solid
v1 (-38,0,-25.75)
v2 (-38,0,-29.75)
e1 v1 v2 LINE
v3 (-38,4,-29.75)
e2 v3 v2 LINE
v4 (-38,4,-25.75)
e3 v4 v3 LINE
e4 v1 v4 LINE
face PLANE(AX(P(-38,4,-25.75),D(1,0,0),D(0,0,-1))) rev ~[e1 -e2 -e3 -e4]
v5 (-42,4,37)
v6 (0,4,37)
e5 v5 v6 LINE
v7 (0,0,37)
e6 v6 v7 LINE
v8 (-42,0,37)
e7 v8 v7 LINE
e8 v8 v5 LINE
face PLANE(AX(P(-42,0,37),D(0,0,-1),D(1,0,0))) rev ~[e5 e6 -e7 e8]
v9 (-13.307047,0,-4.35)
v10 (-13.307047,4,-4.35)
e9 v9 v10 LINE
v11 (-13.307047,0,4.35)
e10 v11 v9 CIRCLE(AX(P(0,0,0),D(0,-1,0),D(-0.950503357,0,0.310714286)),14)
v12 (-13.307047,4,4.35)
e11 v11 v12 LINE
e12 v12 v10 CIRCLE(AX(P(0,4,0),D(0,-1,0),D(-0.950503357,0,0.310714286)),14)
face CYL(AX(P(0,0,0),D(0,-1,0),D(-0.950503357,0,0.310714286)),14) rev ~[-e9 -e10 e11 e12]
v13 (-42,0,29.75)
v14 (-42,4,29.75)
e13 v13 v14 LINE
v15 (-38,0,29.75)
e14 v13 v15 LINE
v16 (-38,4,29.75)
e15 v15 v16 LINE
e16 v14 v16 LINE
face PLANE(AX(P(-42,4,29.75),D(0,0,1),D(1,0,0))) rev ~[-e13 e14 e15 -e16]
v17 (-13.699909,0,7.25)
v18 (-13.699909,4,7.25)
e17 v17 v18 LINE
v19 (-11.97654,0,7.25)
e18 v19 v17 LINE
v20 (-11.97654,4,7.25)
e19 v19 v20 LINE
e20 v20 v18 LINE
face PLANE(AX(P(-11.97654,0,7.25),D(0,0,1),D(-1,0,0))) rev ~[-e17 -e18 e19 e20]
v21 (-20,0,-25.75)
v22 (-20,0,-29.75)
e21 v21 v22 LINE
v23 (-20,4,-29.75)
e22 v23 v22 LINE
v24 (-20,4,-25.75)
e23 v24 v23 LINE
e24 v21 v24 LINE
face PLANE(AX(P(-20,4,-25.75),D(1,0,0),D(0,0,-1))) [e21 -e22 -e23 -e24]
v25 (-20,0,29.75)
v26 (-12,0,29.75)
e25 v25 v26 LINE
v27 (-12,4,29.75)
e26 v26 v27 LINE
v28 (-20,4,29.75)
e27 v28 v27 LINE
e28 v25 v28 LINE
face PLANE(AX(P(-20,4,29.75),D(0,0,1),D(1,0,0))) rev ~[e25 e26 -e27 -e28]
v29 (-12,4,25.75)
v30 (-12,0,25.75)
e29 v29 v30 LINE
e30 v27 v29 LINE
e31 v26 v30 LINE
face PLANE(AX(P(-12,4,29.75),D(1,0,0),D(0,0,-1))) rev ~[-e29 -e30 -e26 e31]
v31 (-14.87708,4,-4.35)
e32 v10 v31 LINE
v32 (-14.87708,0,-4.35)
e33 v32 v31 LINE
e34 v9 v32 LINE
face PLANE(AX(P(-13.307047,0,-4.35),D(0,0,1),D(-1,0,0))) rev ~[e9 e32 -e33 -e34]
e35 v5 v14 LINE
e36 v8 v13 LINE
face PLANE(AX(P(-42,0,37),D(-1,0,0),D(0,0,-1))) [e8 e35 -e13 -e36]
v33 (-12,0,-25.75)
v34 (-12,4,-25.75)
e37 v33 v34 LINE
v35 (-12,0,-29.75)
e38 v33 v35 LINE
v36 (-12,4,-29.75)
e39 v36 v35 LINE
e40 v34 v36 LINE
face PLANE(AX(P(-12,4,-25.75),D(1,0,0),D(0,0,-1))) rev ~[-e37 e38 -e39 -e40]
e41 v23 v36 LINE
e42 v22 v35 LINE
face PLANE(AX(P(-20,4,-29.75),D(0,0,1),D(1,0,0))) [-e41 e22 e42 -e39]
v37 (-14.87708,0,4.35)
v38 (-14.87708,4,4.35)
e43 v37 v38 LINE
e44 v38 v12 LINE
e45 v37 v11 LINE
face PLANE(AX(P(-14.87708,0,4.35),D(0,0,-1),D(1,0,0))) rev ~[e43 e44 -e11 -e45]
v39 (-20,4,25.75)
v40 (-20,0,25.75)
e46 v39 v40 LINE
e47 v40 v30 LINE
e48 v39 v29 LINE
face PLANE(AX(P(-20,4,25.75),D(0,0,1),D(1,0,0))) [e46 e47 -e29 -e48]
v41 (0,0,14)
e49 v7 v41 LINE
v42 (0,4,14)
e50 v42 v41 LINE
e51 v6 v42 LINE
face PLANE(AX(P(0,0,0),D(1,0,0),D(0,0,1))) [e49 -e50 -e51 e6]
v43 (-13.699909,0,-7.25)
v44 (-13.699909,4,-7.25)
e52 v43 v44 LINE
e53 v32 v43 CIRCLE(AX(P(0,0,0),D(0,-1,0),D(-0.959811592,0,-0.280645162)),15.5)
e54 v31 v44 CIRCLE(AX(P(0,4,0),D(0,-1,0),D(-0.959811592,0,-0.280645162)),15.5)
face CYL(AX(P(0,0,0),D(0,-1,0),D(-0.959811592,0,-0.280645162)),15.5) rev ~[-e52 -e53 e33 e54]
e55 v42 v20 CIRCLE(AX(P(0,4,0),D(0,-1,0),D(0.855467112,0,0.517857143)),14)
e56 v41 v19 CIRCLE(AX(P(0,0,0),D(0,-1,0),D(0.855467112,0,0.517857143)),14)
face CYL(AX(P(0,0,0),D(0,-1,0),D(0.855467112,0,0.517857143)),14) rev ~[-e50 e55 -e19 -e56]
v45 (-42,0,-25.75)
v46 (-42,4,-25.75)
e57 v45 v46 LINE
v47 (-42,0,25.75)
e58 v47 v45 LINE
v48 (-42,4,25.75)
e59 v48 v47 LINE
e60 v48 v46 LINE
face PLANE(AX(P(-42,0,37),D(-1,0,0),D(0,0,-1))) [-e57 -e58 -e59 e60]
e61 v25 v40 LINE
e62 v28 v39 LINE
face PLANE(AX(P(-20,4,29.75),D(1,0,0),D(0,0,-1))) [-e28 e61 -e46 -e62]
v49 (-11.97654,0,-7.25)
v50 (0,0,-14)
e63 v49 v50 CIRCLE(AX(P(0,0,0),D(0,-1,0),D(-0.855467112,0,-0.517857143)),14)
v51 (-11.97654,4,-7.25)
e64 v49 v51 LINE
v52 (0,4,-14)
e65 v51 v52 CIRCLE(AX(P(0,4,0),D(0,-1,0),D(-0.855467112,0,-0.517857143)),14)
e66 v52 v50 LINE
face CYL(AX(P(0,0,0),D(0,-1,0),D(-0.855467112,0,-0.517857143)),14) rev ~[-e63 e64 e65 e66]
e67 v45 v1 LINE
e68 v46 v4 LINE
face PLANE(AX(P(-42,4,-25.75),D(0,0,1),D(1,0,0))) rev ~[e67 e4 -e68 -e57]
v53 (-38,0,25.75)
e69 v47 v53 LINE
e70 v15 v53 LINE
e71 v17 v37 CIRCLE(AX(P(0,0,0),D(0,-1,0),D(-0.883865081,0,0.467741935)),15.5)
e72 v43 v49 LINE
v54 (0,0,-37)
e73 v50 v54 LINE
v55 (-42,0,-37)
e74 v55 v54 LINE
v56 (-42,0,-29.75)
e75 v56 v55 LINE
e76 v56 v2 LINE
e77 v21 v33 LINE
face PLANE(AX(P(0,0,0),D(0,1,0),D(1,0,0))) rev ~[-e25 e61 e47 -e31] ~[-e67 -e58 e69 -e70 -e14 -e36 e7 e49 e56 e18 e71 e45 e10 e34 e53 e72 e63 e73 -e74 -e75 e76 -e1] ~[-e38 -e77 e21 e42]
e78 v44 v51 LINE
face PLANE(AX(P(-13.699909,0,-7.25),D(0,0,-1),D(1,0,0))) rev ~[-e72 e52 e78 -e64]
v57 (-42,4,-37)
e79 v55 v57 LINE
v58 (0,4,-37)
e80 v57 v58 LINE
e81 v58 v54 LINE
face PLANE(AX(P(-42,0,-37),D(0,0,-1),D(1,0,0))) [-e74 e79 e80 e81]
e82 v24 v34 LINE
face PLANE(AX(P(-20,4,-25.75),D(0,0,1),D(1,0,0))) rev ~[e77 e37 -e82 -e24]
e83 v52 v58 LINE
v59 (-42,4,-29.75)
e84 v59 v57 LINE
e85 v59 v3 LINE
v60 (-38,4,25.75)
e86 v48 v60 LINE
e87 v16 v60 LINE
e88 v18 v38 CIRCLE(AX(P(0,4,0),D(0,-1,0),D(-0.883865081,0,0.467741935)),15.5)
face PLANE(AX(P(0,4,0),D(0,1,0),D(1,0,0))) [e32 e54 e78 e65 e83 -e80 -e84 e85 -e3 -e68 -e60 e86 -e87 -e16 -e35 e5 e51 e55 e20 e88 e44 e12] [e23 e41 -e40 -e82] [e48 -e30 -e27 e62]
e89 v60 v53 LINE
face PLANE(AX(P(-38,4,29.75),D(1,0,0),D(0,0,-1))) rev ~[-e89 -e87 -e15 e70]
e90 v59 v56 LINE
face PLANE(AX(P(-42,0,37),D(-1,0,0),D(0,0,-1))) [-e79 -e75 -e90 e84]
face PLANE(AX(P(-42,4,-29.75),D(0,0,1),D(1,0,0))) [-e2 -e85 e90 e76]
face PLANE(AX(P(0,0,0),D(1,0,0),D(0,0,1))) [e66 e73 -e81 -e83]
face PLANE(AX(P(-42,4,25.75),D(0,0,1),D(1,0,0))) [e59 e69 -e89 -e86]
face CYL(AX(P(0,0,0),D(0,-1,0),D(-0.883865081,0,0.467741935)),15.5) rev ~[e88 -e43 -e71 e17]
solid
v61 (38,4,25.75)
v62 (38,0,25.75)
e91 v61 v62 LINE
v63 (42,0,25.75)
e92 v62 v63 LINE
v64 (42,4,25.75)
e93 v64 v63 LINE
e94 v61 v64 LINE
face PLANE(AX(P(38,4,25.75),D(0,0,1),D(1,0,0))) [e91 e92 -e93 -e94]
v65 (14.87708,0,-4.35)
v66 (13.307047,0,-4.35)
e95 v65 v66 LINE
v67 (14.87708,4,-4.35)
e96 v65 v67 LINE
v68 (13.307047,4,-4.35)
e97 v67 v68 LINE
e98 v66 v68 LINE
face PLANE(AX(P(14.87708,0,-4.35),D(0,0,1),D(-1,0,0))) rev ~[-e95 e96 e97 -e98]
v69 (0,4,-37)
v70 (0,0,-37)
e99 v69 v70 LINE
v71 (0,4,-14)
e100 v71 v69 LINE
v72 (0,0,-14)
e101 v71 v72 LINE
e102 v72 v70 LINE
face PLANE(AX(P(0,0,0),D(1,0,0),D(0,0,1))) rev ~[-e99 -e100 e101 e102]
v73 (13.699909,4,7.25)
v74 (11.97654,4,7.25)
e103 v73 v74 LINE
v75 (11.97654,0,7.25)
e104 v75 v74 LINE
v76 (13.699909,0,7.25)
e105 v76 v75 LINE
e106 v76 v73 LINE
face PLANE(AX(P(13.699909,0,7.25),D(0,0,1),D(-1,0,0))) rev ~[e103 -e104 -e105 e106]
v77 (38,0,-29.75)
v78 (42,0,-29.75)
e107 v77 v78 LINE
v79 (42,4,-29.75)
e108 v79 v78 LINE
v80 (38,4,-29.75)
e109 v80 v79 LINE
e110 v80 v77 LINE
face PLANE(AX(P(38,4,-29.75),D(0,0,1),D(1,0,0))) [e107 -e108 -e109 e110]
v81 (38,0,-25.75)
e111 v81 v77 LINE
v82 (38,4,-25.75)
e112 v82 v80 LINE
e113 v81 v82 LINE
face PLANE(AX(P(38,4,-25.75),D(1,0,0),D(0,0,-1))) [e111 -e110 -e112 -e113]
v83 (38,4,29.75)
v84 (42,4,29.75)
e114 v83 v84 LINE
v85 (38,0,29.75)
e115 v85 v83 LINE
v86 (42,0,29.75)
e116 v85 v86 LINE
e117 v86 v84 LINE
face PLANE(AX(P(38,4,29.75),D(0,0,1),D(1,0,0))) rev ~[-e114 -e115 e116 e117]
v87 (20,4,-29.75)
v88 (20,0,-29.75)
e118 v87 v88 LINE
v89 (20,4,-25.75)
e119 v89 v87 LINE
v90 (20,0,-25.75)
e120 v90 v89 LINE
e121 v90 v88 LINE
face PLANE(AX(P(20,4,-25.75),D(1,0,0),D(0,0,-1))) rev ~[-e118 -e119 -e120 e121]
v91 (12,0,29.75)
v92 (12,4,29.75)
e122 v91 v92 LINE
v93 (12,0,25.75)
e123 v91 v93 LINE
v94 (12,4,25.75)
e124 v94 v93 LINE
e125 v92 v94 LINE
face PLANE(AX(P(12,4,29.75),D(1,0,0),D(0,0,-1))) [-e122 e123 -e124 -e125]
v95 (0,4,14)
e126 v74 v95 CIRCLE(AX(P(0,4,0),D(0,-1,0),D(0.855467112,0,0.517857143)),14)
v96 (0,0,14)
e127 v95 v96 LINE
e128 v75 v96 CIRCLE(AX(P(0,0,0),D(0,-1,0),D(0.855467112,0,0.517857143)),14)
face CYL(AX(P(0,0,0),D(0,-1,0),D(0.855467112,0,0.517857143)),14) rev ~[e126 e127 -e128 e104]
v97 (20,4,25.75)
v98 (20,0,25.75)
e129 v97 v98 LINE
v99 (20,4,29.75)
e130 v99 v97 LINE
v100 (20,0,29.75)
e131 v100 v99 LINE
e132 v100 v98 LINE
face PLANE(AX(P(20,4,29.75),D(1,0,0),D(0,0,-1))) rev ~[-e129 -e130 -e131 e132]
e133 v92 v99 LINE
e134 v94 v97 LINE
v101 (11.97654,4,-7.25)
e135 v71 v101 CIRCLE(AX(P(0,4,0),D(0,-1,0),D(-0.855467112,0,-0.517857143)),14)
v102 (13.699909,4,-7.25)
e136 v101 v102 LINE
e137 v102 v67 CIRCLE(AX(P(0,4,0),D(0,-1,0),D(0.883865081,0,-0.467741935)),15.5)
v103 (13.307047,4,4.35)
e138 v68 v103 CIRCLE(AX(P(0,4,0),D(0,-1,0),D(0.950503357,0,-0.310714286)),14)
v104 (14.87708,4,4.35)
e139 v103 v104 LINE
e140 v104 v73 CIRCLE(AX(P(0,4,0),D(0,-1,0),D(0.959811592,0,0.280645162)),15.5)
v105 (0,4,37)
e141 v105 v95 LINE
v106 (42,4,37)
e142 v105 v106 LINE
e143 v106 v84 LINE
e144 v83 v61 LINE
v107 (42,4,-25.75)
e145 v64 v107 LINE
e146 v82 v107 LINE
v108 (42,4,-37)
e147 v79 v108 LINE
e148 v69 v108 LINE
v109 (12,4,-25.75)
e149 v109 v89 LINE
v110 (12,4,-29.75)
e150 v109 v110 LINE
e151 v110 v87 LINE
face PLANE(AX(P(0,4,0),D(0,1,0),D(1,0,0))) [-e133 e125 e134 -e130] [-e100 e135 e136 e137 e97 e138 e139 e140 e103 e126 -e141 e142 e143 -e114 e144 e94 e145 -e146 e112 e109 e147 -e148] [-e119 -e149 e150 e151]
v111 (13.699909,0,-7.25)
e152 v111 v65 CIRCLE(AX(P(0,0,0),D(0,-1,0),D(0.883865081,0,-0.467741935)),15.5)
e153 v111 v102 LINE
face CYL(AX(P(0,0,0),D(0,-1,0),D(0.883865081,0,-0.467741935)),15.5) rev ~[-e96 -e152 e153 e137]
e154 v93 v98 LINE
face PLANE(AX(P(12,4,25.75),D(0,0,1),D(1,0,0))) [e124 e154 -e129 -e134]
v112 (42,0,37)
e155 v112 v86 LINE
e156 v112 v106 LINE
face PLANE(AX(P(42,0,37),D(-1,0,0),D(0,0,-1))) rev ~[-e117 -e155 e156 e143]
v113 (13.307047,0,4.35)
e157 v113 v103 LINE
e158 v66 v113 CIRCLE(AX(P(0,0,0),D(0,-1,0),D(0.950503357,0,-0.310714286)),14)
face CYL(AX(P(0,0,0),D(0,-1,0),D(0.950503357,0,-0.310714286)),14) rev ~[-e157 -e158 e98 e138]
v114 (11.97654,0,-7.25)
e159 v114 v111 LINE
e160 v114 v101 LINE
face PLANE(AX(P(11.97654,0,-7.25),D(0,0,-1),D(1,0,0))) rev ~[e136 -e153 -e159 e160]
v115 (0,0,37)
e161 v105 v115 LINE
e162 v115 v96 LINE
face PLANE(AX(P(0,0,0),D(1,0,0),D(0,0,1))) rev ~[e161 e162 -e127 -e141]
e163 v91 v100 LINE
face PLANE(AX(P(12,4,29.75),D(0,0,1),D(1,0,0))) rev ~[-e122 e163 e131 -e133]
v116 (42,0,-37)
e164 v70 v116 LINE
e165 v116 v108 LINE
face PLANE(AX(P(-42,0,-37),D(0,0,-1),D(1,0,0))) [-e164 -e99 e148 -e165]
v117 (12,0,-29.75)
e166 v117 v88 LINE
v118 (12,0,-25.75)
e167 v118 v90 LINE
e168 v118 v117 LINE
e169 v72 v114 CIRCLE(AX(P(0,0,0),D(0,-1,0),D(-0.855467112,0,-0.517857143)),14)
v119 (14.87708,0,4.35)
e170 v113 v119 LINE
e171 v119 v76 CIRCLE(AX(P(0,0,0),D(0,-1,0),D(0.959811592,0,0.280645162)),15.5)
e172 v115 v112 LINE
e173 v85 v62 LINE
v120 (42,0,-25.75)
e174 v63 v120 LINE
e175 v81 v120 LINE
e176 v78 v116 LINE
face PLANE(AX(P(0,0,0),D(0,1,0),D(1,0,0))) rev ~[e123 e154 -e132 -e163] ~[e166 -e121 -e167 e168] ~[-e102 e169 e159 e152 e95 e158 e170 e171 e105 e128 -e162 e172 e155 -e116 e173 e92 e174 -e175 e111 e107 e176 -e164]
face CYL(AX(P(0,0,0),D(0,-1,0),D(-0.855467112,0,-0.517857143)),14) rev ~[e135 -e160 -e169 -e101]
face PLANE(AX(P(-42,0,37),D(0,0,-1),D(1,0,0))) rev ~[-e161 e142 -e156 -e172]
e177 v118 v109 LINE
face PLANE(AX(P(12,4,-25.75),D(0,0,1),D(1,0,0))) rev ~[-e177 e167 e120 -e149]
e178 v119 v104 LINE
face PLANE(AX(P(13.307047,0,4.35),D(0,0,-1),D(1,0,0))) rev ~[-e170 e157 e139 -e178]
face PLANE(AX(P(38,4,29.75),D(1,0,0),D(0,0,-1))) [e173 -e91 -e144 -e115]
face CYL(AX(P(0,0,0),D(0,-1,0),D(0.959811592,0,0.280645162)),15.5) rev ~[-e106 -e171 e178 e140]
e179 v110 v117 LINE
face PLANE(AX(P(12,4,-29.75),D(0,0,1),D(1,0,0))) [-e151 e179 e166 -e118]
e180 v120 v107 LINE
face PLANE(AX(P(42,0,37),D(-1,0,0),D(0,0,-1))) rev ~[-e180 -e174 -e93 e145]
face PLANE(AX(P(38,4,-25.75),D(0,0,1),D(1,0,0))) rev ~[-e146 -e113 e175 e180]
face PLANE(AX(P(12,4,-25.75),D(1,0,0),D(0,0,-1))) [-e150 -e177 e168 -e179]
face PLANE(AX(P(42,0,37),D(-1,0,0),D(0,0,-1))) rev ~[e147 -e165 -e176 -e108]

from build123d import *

# Parameters (mm, degrees)
SKETCH2_W               = 84
SKETCH2_H               = 74
BOSS_EXTRUDE1_DEPTH     = 4
SKETCH4_W               = 8
SKETCH4_H               = 4
SKETCH4_W_2             = 4
CUT_EXTRUDE2_DEPTH      = 1
CUT_EXTRUDE2_DEPTH_BACK = 5


with BuildPart() as part:
    # Sketch2 → Boss-Extrude1 (new body)
    with BuildSketch(Plane(origin=(0, 0, 0), x_dir=(1, 0, 0), z_dir=(0, 1, 0))):
        Rectangle(SKETCH2_W, SKETCH2_H)
        with BuildLine():
            ThreePointArc((13.307047005, 4.35), (14, 0), (13.307047005, -4.35))
            Line((13.307047005, -4.35), (14.877079687, -4.35))
            ThreePointArc((14.877079687, -4.35), (14.361878956, -5.829788405), (13.699908759, -7.25))
            Line((13.699908759, -7.25), (11.976539567, -7.25))
            ThreePointArc((11.976539567, -7.25), (0, -14), (-11.976539567, -7.25))
            Line((-11.976539567, -7.25), (-13.699908759, -7.25))
            ThreePointArc((-13.699908759, -7.25), (-14.361878956, -5.829788405), (-14.877079687, -4.35))
            Line((-14.877079687, -4.35), (-13.307047005, -4.35))
            ThreePointArc((-13.307047005, -4.35), (-14, 0), (-13.307047005, 4.35))
            Line((-13.307047005, 4.35), (-14.877079687, 4.35))
            ThreePointArc((-14.877079687, 4.35), (-14.361878956, 5.829788405), (-13.699908759, 7.25))
            Line((-13.699908759, 7.25), (-11.976539567, 7.25))
            ThreePointArc((-11.976539567, 7.25), (0, 14), (11.976539567, 7.25))
            Line((11.976539567, 7.25), (13.699908759, 7.25))
            ThreePointArc((13.699908759, 7.25), (14.361878956, 5.829788405), (14.877079687, 4.35))
            Line((14.877079687, 4.35), (13.307047005, 4.35))
        make_face(mode=Mode.SUBTRACT)
    extrude(amount=BOSS_EXTRUDE1_DEPTH)


with BuildPart() as body_2:
    # Split1: the piece on the far side of the plane
    add(part.part)
    split(bisect_by=Plane(origin=(0, 0, 0), x_dir=(0, 0, 1), z_dir=(1, 0, 0)), keep=Keep.BOTTOM)


with BuildPart() as part_1:
    add(part.part)

    # Split1
    split(bisect_by=Plane(origin=(0, 0, 0), x_dir=(0, 0, 1), z_dir=(1, 0, 0)), keep=Keep.TOP)


with BuildPart() as cut_extrude2_tool:
    # Sketch4 → Cut-Extrude2 (new body, two sides)
    with BuildSketch(Plane(origin=(0, 4, 0), x_dir=(1, 0, 0), z_dir=(0, 1, 0))) as cut_extrude2_sk:
        with Locations((-16, -27.75)):
            Rectangle(SKETCH4_W, SKETCH4_H)
        with Locations((-40, -27.75)):
            Rectangle(SKETCH4_W_2, SKETCH4_H)
        with Locations((40, -27.75)):
            Rectangle(SKETCH4_W_2, SKETCH4_H)
        with Locations((16, -27.75)):
            Rectangle(SKETCH4_W, SKETCH4_H)
        with Locations((16, 27.75)):
            Rectangle(SKETCH4_W, SKETCH4_H)
        with Locations((40, 27.75)):
            Rectangle(SKETCH4_W_2, SKETCH4_H)
        with Locations((-40, 27.75)):
            Rectangle(SKETCH4_W_2, SKETCH4_H)
        with Locations((-16, 27.75)):
            Rectangle(SKETCH4_W, SKETCH4_H)
    extrude(amount=CUT_EXTRUDE2_DEPTH)
    extrude(cut_extrude2_sk.sketch, amount=-CUT_EXTRUDE2_DEPTH_BACK)


with BuildPart() as part_2:
    add(part_1.part)

    # Cut-Extrude2: cut by cut_extrude2_tool
    add(cut_extrude2_tool.part, mode=Mode.SUBTRACT)


with BuildPart() as body_2_1:
    add(body_2.part)

    # Cut-Extrude2: cut by cut_extrude2_tool
    add(cut_extrude2_tool.part, mode=Mode.SUBTRACT)


solid = Compound([part_2.part, body_2_1.part])
